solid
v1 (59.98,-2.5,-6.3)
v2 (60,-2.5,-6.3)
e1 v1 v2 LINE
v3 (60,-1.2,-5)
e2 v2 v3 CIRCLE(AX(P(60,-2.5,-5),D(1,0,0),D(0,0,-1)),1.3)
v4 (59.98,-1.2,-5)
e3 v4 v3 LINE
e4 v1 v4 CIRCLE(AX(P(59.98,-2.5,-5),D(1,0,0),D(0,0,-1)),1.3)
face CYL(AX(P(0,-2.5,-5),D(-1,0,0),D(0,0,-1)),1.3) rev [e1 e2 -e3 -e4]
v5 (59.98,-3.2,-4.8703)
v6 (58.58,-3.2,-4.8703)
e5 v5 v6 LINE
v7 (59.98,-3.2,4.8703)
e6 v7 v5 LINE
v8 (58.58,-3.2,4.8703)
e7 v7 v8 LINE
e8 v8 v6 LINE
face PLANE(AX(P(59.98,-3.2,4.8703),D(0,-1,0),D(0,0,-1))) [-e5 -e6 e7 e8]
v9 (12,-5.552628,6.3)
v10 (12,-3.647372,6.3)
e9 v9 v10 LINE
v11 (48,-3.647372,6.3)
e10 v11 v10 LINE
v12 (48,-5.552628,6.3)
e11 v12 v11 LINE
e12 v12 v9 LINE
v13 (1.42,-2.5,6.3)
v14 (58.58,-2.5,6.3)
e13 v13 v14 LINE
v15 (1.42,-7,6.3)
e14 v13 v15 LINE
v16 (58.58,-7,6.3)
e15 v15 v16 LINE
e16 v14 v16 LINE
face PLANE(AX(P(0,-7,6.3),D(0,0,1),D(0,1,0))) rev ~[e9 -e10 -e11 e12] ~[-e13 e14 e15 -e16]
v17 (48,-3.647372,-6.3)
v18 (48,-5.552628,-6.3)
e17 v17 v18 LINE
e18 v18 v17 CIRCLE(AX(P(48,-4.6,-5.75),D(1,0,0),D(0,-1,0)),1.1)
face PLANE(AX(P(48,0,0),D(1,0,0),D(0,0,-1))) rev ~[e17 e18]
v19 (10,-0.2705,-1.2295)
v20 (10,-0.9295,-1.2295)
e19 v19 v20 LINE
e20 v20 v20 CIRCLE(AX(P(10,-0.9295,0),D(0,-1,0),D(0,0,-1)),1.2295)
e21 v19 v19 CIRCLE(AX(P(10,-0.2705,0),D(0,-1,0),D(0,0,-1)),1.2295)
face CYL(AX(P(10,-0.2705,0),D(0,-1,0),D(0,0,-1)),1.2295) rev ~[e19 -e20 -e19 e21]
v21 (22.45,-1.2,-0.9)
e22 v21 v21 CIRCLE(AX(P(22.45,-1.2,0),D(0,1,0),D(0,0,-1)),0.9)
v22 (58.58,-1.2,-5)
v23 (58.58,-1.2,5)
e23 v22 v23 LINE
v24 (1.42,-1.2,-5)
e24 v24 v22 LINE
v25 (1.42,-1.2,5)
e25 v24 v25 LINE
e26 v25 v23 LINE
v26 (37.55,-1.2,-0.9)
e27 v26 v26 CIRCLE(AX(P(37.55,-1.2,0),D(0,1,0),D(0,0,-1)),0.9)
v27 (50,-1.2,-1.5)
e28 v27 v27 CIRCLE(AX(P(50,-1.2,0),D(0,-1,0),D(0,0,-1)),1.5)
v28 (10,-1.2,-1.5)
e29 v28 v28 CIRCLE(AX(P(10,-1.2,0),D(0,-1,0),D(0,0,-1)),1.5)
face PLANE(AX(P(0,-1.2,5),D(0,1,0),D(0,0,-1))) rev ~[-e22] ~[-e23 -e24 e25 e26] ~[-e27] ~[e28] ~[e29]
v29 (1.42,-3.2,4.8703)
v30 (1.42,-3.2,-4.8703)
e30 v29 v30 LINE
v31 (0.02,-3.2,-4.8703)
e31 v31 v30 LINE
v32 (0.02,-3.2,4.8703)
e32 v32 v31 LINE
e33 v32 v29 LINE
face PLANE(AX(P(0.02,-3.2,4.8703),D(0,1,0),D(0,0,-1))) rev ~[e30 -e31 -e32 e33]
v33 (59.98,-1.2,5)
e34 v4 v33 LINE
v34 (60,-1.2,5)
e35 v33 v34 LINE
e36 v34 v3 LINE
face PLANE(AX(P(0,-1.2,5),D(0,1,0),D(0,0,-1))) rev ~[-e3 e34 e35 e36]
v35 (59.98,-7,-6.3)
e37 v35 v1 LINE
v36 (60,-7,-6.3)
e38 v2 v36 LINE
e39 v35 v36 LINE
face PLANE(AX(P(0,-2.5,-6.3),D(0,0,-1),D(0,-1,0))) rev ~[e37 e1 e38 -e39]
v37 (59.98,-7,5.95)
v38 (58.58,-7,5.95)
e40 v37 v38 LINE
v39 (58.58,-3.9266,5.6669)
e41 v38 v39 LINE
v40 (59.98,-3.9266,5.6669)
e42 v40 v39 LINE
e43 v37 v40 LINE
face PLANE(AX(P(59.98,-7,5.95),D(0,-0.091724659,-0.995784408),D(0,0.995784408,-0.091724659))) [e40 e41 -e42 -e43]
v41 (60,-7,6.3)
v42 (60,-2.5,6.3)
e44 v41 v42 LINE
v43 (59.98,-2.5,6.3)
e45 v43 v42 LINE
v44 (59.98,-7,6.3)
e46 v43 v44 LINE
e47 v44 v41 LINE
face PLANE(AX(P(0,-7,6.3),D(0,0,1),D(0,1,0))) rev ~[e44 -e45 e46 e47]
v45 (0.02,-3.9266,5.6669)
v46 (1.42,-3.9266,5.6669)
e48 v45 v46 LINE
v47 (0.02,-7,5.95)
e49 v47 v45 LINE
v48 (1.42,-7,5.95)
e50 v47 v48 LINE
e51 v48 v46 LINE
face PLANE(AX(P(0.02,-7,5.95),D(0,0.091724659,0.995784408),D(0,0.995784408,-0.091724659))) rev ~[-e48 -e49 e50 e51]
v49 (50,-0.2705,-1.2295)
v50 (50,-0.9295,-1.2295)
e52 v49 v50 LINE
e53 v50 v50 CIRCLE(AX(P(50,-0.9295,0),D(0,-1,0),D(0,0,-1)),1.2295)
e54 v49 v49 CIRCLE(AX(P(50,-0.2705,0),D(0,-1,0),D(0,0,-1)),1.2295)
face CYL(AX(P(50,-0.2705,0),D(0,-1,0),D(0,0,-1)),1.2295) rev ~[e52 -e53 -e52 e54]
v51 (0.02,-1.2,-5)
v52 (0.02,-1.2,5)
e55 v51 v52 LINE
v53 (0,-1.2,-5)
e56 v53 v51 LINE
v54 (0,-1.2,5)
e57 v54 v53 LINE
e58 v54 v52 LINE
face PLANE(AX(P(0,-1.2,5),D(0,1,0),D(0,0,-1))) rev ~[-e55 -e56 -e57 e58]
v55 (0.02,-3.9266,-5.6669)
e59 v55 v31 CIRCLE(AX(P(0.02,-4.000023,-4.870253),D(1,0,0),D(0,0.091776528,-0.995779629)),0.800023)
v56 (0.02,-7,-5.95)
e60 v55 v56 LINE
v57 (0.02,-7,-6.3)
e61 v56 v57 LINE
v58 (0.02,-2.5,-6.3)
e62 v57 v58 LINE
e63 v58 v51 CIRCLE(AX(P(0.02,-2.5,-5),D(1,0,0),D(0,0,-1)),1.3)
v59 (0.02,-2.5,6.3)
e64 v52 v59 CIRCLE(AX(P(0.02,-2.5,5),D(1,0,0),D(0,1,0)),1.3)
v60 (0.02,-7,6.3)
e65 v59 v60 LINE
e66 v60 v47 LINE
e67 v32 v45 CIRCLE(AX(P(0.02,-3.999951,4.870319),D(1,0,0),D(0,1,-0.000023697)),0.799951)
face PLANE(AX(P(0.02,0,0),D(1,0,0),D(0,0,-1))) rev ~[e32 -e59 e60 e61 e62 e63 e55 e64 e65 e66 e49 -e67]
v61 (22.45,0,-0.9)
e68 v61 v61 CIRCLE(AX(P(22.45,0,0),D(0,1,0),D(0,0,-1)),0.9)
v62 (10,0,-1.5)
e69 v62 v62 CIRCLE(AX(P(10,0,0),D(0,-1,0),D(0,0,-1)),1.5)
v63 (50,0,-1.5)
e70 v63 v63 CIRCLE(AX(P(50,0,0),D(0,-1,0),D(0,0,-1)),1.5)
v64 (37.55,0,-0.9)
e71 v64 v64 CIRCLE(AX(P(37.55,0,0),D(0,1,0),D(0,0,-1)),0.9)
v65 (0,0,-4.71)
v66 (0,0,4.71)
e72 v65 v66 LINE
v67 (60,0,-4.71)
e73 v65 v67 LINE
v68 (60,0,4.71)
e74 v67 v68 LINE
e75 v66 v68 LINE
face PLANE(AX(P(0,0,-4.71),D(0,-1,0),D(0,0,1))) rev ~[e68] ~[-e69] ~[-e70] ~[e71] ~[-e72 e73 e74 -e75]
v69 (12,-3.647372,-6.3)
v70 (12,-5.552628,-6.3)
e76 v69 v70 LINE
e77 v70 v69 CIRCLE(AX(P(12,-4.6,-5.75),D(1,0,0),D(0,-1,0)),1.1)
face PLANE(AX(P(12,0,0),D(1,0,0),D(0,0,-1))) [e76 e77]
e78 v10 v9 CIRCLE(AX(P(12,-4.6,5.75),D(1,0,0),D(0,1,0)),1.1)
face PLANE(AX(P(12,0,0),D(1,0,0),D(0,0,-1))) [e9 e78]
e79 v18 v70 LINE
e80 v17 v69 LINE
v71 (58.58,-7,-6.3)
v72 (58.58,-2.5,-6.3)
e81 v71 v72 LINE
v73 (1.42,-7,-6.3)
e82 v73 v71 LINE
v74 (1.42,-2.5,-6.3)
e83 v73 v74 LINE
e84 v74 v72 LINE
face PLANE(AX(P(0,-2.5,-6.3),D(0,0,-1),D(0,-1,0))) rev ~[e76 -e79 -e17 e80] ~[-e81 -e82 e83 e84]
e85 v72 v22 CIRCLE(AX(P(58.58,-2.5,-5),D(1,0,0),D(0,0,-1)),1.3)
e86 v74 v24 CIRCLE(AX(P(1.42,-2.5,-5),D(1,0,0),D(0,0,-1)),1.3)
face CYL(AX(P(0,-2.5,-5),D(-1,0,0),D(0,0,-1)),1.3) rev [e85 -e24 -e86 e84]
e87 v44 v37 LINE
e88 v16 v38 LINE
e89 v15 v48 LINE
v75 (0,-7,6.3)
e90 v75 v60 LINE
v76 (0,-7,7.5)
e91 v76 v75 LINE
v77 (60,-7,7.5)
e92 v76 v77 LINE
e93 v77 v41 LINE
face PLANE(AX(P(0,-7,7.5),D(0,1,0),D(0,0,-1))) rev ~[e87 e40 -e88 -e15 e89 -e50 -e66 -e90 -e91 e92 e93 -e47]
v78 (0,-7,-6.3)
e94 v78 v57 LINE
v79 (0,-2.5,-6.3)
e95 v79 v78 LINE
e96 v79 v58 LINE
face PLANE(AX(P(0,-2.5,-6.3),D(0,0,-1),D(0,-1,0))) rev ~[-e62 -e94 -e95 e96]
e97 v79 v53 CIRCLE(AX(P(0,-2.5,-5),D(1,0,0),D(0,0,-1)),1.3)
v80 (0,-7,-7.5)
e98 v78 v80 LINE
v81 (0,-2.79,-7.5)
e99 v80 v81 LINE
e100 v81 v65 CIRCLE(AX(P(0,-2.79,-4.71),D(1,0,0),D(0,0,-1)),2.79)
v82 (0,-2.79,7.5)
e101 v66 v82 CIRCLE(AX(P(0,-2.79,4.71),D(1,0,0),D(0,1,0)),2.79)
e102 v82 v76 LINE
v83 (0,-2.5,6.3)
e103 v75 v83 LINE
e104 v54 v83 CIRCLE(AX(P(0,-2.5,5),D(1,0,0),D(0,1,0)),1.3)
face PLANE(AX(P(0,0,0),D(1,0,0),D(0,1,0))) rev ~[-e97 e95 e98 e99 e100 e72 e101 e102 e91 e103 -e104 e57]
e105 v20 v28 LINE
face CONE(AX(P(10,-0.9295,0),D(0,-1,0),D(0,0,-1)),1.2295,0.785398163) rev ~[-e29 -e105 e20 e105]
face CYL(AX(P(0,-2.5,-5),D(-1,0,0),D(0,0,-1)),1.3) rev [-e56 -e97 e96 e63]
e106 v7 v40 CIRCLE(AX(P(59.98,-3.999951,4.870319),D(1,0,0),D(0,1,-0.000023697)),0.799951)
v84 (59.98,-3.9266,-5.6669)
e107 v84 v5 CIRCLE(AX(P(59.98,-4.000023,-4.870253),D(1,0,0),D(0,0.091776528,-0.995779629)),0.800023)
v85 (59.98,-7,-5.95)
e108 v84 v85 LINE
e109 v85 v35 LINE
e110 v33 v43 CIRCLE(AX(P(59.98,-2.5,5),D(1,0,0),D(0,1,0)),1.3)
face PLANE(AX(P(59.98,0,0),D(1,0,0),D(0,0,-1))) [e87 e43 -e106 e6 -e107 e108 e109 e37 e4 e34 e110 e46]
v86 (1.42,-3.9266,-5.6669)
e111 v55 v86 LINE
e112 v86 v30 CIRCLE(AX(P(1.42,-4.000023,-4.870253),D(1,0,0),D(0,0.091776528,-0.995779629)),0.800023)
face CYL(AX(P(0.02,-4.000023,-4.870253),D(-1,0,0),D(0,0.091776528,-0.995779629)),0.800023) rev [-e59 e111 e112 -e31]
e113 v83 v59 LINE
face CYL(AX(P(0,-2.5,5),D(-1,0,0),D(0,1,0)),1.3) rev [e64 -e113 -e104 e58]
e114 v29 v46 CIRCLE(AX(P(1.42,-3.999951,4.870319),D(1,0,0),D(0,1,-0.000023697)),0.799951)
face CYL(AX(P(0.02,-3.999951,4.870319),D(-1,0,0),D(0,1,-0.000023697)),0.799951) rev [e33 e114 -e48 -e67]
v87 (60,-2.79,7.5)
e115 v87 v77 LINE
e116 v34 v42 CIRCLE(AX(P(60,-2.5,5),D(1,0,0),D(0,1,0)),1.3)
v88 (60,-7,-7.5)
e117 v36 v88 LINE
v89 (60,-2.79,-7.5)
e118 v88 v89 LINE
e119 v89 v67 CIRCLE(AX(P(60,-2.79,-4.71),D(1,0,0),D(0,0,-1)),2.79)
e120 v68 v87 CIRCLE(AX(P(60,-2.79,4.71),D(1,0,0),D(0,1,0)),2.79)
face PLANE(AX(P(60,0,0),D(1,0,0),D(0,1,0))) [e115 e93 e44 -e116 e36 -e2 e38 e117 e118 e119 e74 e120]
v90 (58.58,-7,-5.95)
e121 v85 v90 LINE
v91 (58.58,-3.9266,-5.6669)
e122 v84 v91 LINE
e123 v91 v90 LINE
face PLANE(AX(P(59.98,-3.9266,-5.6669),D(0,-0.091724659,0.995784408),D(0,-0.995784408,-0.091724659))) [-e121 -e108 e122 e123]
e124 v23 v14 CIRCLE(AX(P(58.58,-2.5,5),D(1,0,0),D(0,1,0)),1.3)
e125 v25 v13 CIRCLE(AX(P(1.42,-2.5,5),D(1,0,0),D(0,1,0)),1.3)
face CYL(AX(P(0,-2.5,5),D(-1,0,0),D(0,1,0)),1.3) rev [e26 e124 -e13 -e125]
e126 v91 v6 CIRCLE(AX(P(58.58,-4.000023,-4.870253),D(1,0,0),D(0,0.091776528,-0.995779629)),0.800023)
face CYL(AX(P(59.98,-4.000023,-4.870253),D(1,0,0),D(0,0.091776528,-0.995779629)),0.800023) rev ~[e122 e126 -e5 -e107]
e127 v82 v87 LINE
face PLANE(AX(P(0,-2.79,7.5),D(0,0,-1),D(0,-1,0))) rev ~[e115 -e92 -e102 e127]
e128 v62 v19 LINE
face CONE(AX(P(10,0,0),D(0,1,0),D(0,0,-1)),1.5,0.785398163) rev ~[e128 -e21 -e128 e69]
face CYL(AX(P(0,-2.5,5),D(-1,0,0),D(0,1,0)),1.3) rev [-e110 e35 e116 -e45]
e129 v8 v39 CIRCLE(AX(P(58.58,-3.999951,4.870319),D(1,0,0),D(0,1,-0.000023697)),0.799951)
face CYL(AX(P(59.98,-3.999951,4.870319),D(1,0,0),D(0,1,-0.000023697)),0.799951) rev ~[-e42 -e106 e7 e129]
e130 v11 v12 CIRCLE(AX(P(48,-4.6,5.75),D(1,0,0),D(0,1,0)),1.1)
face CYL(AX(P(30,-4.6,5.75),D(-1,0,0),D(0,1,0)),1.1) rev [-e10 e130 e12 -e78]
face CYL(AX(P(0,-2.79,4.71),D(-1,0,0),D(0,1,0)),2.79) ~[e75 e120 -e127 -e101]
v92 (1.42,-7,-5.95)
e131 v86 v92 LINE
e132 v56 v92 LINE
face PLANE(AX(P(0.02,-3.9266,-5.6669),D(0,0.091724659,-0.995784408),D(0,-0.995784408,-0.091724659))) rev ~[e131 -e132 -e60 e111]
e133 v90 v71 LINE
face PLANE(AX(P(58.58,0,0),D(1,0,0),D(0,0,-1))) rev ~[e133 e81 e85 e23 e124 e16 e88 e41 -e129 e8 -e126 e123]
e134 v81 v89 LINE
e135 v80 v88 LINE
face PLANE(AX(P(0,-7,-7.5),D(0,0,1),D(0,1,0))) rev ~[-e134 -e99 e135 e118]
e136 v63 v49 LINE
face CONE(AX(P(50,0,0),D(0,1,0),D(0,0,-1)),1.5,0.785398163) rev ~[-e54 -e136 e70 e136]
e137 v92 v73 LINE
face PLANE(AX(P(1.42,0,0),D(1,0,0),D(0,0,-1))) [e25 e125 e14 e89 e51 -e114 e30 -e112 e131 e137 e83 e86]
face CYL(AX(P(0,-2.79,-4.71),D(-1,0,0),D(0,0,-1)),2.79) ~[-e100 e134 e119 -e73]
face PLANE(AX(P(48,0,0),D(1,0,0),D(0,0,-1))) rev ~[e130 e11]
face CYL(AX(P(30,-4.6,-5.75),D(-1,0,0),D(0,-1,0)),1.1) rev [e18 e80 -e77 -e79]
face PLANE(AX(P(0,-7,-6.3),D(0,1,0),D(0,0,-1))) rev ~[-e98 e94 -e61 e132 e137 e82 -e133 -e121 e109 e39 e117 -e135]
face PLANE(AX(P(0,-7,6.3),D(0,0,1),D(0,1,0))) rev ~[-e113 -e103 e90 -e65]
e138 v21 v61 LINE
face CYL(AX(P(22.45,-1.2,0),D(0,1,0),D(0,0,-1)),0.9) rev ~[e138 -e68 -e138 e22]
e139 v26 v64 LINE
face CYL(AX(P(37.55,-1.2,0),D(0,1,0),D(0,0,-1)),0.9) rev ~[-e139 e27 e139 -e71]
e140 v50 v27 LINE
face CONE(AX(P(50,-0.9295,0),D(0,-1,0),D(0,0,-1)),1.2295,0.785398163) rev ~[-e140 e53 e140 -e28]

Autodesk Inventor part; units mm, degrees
sketch "Sketch_1" plane through (0, 0, 0) normal (1, 0, 0) x (0, 1, 0)
  line L0 (-7, 7.5) -> (-7, 6.3)
  line L1 (-7, 6.3) -> (-2.5, 6.3)
  arc A0 (-1.2, 5) -> (-2.5, 6.3) centre (-2.5, 5) ccw
  line L2 (-1.2, 5) -> (-1.2, -5)
  arc A1 (-2.5, -6.3) -> (-1.2, -5) centre (-2.5, -5) ccw
  line L3 (-2.5, -6.3) -> (-7, -6.3)
  line L4 (-7, -6.3) -> (-7, -7.5)
  line L5 (-7, -7.5) -> (-2.79, -7.5)
  arc A2 (-2.79, -7.5) -> (0, -4.71) centre (-2.79, -4.71) ccw
  line L6 (0, -4.71) -> (0, 4.71)
  arc A3 (0, 4.71) -> (-2.79, 7.5) centre (-2.79, 4.71) ccw
  line L7 (-2.79, 7.5) -> (-7, 7.5)
extrude "Extrusion1" add sketch "Sketch_1" along normal blind 60
sketch "Sketch_2" plane through (0.02, 0, 0) normal (1, 0, 0) x (0, 0, -1)
  line L0 (-6.3, -7) -> (-5.95, -7)
  line L1 (-5.95, -7) -> (-5.6669, -3.9266)
  arc A0 (-4.8703, -3.2) -> (-5.6669, -3.9266) centre (-4.8703, -4) ccw
  line L2 (-4.8703, -3.2) -> (4.8703, -3.2)
  arc A1 (5.6669, -3.9266) -> (4.8703, -3.2) centre (4.8703, -4) ccw
  line L3 (5.6669, -3.9266) -> (5.95, -7)
  line L4 (5.95, -7) -> (6.3, -7)
  line L5 (6.3, -7) -> (6.3, -2.5)
  arc A2 (6.3, -2.5) -> (5, -1.2) centre (5, -2.5) ccw
  line L6 (5, -1.2) -> (-5, -1.2)
  arc A3 (-5, -1.2) -> (-6.3, -2.5) centre (-5, -2.5) ccw
  line L7 (-6.3, -2.5) -> (-6.3, -7)
extrude "Extrusion2" add sketch "Sketch_2" along normal blind 1.4
sketch "Sketch_3" plane through (59.98, 0, 0) normal (1, 0, 0) x (0, 0, -1)
  line L0 (-6.3, -7) -> (-5.95, -7)
  line L1 (-5.95, -7) -> (-5.6669, -3.9266)
  arc A0 (-4.8703, -3.2) -> (-5.6669, -3.9266) centre (-4.8703, -4) ccw
  line L2 (-4.8703, -3.2) -> (4.8703, -3.2)
  arc A1 (5.6669, -3.9266) -> (4.8703, -3.2) centre (4.8703, -4) ccw
  line L3 (5.6669, -3.9266) -> (5.95, -7)
  line L4 (5.95, -7) -> (6.3, -7)
  line L5 (6.3, -7) -> (6.3, -2.5)
  arc A2 (6.3, -2.5) -> (5, -1.2) centre (5, -2.5) ccw
  line L6 (5, -1.2) -> (-5, -1.2)
  arc A3 (-5, -1.2) -> (-6.3, -2.5) centre (-5, -2.5) ccw
  line L7 (-6.3, -2.5) -> (-6.3, -7)
extrude "Extrusion3" add sketch "Sketch_3" against normal blind 1.4
sketch "Sketch_4" plane through (10, 0, 0) normal (1, 0, 0) x (0, 0, -1)
  line L0 (0, -1.2) -> (0, 0)
  line L1 (0, 0) -> (1.5, 0)
  line L2 (1.5, 0) -> (1.2295, -0.2705)
  line L3 (1.2295, -0.2705) -> (1.2295, -0.9295)
  line L4 (1.2295, -0.9295) -> (1.5, -1.2)
  line L5 (1.5, -1.2) -> (0, -1.2)
  line L6 (0, -1.2) -> (0, 0)
revolve "Revolution1" cut sketch "Sketch_4" angle 360 about axis through (10, -1.2, 0) along (0, -1, 0)
thread "Thread1" size "M3x0.5" class "6H" standard "ISO Metric profile" full length
sketch "Sketch_5" plane through (50, 0, 0) normal (1, 0, 0) x (0, 0, -1)
  line L0 (0, -1.2) -> (0, 0)
  line L1 (0, 0) -> (1.5, 0)
  line L2 (1.5, 0) -> (1.2295, -0.2705)
  line L3 (1.2295, -0.2705) -> (1.2295, -0.9295)
  line L4 (1.2295, -0.9295) -> (1.5, -1.2)
  line L5 (1.5, -1.2) -> (0, -1.2)
  line L6 (0, -1.2) -> (0, 0)
revolve "Revolution2" cut sketch "Sketch_5" angle 360 about axis through (50, -1.2, 0) along (0, -1, 0)
thread "Thread2" size "M3x0.5" class "6H" standard "ISO Metric profile" full length
sketch "Sketch6" plane through (1.42, -1.2, -5) normal (0, -1, 0) x (1, 0, 0)
  point P0 (36.13, 5)
hole "Hole1" at (37.55, -1.2, 0) direction (0, 1, 0) diameter 1.8 depth 1.2
sketch "Sketch7" plane through (1.42, -1.2, -5) normal (0, -1, 0) x (1, 0, 0)
  point P0 (21.03, 5)
hole "Hole2" at (22.45, -1.2, 0) direction (0, 1, 0) diameter 1.8 depth 1.2
sketch "Sketch_9" plane through (30, 0, 0) normal (1, 0, 0) x (0, 0, -1)
  arc A0 (-5.75, -3.5) -> (-5.75, -5.7) centre (-5.75, -4.6) ccw
  line L0 (-5.75, -5.7) -> (-5.75, -3.5)
extrude "Extrusion4" cut sketch "Sketch_9" along normal mid plane 36
sketch "Sketch_10" plane through (30, 0, 0) normal (1, 0, 0) x (0, 0, -1)
  line L0 (5.75, -3.5) -> (5.75, -5.7)
  arc A0 (5.75, -5.7) -> (5.75, -3.5) centre (5.75, -4.6) ccw
extrude "Extrusion5" cut sketch "Sketch_10" along normal mid plane 36
ref_plane "bspg_1_XY" through (30, -4.6, 0) normal (1, 0, 0) x (0, 0, -1)
ref_plane "bspg_1_YZ" through (30, -4.6, 0) normal (0, 0, -1) x (0, 1, 0)
ref_plane "bspg_1_ZX" through (30, -4.6, 0) normal (0, 1, 0) x (1, 0, 0)
ref_plane "bspg_1r_XY" through (30, -3.5, 0) normal (1, 0, 0) x (0, 0, -1)
ref_plane "bspg_1r_YZ" through (30, -3.5, 0) normal (0, 0, -1) x (0, 1, 0)
ref_plane "bspg_1r_ZX" through (30, -3.5, 0) normal (0, 1, 0) x (1, 0, 0)
ref_plane "bspg_d_XY" through (0, 0, 0) normal (0, 1, 0) x (1, 0, 0)
ref_plane "bspg_d_YZ" through (0, 0, 0) normal (1, 0, 0) x (0, 0, -1)
ref_plane "bspg_d_ZX" through (0, 0, 0) normal (0, 0, -1) x (0, 1, 0)
properties part number "BSPG1560 Table"
